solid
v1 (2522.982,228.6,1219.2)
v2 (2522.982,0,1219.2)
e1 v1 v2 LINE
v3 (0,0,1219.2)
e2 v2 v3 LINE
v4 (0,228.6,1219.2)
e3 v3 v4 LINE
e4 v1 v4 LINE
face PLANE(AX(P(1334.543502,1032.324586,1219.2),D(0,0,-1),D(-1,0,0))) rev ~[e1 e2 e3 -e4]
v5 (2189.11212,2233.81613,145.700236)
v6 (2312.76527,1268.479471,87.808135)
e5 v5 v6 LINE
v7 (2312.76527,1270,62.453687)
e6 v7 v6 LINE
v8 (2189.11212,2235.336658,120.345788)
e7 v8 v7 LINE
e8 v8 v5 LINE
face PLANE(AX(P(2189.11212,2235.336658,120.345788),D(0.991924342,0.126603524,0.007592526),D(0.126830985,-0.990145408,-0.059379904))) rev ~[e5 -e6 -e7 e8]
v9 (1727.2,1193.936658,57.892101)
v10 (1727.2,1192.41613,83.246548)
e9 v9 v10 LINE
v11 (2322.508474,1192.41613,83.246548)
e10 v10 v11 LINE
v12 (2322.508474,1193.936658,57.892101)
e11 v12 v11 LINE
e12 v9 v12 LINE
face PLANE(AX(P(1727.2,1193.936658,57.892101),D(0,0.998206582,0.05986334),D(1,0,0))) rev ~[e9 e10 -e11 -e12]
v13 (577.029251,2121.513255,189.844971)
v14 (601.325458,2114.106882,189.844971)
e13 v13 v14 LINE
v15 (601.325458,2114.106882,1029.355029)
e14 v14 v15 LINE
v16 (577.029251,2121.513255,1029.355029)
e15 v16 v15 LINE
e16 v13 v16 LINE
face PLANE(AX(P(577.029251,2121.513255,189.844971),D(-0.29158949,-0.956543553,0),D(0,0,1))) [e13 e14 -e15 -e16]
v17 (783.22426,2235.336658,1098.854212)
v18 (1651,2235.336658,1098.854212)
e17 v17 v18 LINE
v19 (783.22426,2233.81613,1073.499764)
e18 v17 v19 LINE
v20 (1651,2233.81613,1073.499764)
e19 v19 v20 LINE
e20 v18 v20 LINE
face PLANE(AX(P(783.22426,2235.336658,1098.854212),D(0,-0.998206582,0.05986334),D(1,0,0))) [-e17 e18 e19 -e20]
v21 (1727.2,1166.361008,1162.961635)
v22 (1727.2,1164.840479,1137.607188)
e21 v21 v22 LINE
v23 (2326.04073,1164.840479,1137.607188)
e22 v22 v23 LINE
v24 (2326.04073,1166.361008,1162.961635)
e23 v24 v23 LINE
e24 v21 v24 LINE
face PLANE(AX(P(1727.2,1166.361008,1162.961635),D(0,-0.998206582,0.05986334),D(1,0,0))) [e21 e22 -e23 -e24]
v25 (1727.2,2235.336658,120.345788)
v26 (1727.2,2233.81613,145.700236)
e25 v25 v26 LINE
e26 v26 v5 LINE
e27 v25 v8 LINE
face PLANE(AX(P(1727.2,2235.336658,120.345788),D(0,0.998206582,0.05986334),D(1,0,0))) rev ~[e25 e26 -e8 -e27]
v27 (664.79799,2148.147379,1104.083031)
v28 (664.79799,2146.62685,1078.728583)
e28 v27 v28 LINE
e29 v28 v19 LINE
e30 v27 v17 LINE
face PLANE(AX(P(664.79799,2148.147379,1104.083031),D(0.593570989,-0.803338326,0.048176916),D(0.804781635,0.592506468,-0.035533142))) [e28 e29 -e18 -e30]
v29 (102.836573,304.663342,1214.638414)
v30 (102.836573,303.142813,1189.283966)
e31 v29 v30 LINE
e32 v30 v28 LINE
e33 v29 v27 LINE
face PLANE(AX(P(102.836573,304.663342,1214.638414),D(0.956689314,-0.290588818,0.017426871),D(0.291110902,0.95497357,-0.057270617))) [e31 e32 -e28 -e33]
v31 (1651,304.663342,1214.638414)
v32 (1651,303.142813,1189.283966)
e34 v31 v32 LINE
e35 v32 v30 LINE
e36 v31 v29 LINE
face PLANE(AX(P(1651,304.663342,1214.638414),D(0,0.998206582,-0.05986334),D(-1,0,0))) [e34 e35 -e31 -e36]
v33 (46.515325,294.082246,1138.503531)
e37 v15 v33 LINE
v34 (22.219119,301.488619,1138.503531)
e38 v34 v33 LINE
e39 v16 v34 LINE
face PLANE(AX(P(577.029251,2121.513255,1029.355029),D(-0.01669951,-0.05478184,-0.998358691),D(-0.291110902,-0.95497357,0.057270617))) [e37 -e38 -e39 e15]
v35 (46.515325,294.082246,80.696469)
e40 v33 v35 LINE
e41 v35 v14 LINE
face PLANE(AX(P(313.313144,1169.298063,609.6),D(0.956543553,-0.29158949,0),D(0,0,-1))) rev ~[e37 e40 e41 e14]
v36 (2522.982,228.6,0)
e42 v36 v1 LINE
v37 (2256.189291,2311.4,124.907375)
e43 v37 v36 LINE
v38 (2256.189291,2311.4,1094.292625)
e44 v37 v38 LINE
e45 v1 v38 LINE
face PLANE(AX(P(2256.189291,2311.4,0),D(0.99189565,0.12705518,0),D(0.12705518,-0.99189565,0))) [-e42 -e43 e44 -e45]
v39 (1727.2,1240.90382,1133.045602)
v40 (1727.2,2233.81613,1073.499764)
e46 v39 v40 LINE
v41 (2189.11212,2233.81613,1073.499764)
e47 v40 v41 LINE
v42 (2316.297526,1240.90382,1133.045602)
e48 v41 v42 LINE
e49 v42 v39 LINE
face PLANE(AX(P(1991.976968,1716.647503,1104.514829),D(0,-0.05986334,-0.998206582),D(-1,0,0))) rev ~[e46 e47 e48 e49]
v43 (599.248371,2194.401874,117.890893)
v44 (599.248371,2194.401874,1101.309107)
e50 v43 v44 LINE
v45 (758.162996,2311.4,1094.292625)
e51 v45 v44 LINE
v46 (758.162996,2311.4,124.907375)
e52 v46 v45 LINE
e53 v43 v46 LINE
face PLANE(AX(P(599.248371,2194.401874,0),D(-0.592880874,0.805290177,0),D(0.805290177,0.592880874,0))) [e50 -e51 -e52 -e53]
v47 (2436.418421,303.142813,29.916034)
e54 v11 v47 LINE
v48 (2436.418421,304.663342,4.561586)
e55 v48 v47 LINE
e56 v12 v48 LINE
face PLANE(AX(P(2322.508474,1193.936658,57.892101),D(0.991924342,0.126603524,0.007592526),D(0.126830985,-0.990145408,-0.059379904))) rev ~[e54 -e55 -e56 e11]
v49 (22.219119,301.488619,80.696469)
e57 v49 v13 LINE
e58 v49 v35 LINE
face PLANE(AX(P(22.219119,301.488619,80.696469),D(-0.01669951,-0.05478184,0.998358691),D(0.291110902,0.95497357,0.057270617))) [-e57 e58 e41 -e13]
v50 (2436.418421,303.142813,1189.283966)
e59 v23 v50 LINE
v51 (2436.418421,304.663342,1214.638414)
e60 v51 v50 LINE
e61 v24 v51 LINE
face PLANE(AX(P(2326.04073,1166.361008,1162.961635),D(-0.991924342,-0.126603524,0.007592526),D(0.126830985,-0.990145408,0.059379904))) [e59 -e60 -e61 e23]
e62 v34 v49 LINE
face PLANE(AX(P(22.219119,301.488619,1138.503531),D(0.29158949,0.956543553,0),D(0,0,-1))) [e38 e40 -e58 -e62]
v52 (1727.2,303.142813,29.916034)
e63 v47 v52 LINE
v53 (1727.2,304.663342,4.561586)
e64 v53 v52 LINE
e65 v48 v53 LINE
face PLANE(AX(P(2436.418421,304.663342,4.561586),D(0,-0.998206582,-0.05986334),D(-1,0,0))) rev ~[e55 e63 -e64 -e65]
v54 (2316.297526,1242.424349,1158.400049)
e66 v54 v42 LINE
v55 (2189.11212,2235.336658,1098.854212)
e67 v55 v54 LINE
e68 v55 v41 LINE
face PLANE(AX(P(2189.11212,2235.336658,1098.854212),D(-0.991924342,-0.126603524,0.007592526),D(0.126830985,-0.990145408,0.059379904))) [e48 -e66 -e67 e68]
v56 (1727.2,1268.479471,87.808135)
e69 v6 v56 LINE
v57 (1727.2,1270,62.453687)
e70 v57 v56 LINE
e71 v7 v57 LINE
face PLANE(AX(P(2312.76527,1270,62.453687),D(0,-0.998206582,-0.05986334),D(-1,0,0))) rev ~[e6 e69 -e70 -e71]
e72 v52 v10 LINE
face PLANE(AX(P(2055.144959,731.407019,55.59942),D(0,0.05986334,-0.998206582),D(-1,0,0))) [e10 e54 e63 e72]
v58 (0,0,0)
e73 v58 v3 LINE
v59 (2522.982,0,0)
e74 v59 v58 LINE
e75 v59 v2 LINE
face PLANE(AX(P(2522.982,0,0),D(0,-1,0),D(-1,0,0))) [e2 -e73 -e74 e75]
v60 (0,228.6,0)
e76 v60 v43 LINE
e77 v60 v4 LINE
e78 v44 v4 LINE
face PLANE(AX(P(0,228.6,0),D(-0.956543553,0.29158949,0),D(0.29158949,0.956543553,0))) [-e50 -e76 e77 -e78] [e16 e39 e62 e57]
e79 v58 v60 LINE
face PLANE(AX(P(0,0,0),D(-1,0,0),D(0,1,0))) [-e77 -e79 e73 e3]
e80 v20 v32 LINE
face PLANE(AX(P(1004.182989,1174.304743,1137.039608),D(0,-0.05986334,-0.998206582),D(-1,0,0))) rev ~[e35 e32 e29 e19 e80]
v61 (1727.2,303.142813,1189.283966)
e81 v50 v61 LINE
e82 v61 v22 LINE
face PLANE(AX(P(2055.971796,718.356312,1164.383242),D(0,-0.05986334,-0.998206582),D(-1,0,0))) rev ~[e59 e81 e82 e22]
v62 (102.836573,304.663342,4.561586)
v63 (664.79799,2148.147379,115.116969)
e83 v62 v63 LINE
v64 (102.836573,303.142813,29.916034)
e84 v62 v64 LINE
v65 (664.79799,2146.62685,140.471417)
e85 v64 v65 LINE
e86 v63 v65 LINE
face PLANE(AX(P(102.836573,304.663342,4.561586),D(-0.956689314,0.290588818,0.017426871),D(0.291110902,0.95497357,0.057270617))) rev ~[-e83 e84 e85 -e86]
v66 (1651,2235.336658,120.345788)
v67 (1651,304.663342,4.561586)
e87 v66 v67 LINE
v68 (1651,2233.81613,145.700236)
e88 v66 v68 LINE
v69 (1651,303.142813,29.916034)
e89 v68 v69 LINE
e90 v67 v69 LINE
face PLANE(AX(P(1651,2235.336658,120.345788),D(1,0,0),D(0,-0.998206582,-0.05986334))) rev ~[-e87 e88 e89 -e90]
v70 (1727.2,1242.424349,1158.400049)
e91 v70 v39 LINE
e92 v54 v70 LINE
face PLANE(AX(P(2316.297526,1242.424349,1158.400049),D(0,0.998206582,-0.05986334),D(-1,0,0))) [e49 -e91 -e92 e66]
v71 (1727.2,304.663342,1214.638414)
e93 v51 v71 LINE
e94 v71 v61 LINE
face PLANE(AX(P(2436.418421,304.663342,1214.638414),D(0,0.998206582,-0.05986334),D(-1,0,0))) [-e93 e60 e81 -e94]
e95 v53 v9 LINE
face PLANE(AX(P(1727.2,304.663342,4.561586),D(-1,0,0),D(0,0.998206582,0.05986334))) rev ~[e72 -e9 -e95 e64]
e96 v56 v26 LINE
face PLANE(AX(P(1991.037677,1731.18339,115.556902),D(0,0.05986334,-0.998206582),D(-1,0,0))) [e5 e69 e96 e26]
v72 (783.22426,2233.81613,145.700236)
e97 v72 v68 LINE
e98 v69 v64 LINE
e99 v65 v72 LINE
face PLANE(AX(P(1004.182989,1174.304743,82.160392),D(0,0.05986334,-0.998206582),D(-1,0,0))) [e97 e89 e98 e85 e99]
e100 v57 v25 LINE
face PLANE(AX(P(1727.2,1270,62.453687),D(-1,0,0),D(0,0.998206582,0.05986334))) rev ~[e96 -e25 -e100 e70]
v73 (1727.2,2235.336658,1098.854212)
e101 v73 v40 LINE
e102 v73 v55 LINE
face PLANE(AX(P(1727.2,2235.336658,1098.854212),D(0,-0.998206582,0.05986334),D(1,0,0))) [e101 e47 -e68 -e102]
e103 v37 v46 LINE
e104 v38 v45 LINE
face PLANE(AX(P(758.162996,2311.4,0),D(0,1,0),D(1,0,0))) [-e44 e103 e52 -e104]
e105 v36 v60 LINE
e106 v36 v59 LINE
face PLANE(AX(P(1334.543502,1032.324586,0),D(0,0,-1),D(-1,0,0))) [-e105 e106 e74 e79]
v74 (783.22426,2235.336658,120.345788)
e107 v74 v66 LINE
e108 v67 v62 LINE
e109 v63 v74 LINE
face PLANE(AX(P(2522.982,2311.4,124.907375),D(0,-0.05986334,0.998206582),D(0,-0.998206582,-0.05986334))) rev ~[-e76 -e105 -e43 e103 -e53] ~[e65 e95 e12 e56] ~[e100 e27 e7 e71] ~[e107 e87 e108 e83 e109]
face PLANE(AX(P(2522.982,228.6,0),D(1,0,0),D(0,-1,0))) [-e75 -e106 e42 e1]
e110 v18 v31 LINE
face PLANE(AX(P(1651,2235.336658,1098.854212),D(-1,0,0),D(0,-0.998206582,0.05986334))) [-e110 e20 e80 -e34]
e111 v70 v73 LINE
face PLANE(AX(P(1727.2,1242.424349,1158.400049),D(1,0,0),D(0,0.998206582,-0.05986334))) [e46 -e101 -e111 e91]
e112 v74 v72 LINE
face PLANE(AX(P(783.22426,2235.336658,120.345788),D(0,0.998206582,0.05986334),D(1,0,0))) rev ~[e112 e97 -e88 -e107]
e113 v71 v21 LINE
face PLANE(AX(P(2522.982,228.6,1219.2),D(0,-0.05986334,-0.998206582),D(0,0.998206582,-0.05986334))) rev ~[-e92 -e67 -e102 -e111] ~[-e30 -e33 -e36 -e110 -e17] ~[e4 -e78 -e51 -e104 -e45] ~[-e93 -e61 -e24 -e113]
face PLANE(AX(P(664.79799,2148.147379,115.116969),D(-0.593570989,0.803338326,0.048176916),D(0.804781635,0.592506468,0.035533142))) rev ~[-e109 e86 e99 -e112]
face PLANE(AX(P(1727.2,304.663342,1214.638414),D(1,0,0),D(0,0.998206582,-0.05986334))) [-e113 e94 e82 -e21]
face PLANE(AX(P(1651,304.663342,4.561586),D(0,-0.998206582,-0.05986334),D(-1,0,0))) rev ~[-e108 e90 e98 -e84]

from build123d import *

# Parameters (mm, degrees)
BOSS_EXTRUDE1_DEPTH = 1219.2
CUT_EXTRUDE1_DEPTH  = 3633.417483209
CUT_EXTRUDE2_DEPTH  = 25.4
CUT_EXTRUDE3_DEPTH  = 25.4
CUT_EXTRUDE4_DEPTH  = 25.4


with BuildPart() as part:
    # Sketch2 → Boss-Extrude1 (new body)
    with BuildSketch(Plane.XY):
        Polygon((0, 228.6), (599.248370619, 2194.401873758), (758.16299584, 2311.4), (2256.189290748, 2311.4), (2522.982, 228.6), (2522.982, 0), (0, 0), align=None)
    extrude(amount=BOSS_EXTRUDE1_DEPTH)

    # Sketch3 → Cut-Extrude1 (cut, through all)
    with BuildSketch(Plane(origin=(2522.982, 0, 0), x_dir=(0, 0, -1), z_dir=(1, 0, 0))):
        Polygon((-1219.2, 2311.4), (-1219.2, 228.6), (-1094.292625206, 2311.4), align=None)
        Polygon((0, 2311.4), (-124.907374794, 2311.4), (0, 228.6), align=None)
    extrude(amount=-CUT_EXTRUDE1_DEPTH, mode=Mode.SUBTRACT)

    # Sketch4 → Cut-Extrude2 (cut)
    with BuildSketch(Plane(origin=(-63.760665506, 19.436584848, 0), x_dir=(0, 0, 1), z_dir=(-0.9565435532915122, 0.2915894899622553, 0))):
        Polygon((1029.355029429, 2197.575492424), (1138.503531145, 294.865856282), (80.696468855, 294.865856282), (189.844970571, 2197.575492424), align=None)
    extrude(amount=-CUT_EXTRUDE2_DEPTH, mode=Mode.SUBTRACT)

    # Sketch5 → Cut-Extrude3 (cut)
    with BuildSketch(Plane(origin=(0, 73.673705722, 1228.491068132), x_dir=(1, 0, 0), z_dir=(0, 0.0598633395783769, 0.9982065821134041))):
        Polygon((664.797989738, 2078.200755327), (783.224260037, 2165.546682876), (1651, 2165.546682876), (1651, 231.404641057), (102.836573264, 231.404641057), align=None)
        Polygon((2189.112119554, 2165.546682876), (2316.297526218, 1170.850467771), (1727.2, 1170.850467771), (1727.2, 2165.546682876), align=None)
        Polygon((2436.418421116, 231.404641057), (1727.2, 231.404641057), (1727.2, 1094.650467771), (2326.040730063, 1094.650467771), align=None)
    extrude(amount=-CUT_EXTRUDE3_DEPTH, mode=Mode.SUBTRACT)

    # Sketch6 → Cut-Extrude4 (cut)
    with BuildSketch(Plane(origin=(0, 0.819215401, -13.660216935), x_dir=(-1, 0, 0), z_dir=(0, 0.0598633395783769, -0.9982065821134041))):
        Polygon((-2189.112119554, 2238.53206649), (-2312.765270335, 1271.461045581), (-1727.2, 1271.461045581), (-1727.2, 2238.53206649), align=None)
        Polygon((-2436.418421116, 304.390024671), (-1727.2, 304.390024671), (-1727.2, 1195.261045581), (-2322.50847418, 1195.261045581), align=None)
        Polygon((-102.836573264, 304.390024671), (-664.797989738, 2151.186138941), (-783.224260037, 2238.53206649), (-1651, 2238.53206649), (-1651, 304.390024671), align=None)
    extrude(amount=-CUT_EXTRUDE4_DEPTH, mode=Mode.SUBTRACT)


solid = part.part
